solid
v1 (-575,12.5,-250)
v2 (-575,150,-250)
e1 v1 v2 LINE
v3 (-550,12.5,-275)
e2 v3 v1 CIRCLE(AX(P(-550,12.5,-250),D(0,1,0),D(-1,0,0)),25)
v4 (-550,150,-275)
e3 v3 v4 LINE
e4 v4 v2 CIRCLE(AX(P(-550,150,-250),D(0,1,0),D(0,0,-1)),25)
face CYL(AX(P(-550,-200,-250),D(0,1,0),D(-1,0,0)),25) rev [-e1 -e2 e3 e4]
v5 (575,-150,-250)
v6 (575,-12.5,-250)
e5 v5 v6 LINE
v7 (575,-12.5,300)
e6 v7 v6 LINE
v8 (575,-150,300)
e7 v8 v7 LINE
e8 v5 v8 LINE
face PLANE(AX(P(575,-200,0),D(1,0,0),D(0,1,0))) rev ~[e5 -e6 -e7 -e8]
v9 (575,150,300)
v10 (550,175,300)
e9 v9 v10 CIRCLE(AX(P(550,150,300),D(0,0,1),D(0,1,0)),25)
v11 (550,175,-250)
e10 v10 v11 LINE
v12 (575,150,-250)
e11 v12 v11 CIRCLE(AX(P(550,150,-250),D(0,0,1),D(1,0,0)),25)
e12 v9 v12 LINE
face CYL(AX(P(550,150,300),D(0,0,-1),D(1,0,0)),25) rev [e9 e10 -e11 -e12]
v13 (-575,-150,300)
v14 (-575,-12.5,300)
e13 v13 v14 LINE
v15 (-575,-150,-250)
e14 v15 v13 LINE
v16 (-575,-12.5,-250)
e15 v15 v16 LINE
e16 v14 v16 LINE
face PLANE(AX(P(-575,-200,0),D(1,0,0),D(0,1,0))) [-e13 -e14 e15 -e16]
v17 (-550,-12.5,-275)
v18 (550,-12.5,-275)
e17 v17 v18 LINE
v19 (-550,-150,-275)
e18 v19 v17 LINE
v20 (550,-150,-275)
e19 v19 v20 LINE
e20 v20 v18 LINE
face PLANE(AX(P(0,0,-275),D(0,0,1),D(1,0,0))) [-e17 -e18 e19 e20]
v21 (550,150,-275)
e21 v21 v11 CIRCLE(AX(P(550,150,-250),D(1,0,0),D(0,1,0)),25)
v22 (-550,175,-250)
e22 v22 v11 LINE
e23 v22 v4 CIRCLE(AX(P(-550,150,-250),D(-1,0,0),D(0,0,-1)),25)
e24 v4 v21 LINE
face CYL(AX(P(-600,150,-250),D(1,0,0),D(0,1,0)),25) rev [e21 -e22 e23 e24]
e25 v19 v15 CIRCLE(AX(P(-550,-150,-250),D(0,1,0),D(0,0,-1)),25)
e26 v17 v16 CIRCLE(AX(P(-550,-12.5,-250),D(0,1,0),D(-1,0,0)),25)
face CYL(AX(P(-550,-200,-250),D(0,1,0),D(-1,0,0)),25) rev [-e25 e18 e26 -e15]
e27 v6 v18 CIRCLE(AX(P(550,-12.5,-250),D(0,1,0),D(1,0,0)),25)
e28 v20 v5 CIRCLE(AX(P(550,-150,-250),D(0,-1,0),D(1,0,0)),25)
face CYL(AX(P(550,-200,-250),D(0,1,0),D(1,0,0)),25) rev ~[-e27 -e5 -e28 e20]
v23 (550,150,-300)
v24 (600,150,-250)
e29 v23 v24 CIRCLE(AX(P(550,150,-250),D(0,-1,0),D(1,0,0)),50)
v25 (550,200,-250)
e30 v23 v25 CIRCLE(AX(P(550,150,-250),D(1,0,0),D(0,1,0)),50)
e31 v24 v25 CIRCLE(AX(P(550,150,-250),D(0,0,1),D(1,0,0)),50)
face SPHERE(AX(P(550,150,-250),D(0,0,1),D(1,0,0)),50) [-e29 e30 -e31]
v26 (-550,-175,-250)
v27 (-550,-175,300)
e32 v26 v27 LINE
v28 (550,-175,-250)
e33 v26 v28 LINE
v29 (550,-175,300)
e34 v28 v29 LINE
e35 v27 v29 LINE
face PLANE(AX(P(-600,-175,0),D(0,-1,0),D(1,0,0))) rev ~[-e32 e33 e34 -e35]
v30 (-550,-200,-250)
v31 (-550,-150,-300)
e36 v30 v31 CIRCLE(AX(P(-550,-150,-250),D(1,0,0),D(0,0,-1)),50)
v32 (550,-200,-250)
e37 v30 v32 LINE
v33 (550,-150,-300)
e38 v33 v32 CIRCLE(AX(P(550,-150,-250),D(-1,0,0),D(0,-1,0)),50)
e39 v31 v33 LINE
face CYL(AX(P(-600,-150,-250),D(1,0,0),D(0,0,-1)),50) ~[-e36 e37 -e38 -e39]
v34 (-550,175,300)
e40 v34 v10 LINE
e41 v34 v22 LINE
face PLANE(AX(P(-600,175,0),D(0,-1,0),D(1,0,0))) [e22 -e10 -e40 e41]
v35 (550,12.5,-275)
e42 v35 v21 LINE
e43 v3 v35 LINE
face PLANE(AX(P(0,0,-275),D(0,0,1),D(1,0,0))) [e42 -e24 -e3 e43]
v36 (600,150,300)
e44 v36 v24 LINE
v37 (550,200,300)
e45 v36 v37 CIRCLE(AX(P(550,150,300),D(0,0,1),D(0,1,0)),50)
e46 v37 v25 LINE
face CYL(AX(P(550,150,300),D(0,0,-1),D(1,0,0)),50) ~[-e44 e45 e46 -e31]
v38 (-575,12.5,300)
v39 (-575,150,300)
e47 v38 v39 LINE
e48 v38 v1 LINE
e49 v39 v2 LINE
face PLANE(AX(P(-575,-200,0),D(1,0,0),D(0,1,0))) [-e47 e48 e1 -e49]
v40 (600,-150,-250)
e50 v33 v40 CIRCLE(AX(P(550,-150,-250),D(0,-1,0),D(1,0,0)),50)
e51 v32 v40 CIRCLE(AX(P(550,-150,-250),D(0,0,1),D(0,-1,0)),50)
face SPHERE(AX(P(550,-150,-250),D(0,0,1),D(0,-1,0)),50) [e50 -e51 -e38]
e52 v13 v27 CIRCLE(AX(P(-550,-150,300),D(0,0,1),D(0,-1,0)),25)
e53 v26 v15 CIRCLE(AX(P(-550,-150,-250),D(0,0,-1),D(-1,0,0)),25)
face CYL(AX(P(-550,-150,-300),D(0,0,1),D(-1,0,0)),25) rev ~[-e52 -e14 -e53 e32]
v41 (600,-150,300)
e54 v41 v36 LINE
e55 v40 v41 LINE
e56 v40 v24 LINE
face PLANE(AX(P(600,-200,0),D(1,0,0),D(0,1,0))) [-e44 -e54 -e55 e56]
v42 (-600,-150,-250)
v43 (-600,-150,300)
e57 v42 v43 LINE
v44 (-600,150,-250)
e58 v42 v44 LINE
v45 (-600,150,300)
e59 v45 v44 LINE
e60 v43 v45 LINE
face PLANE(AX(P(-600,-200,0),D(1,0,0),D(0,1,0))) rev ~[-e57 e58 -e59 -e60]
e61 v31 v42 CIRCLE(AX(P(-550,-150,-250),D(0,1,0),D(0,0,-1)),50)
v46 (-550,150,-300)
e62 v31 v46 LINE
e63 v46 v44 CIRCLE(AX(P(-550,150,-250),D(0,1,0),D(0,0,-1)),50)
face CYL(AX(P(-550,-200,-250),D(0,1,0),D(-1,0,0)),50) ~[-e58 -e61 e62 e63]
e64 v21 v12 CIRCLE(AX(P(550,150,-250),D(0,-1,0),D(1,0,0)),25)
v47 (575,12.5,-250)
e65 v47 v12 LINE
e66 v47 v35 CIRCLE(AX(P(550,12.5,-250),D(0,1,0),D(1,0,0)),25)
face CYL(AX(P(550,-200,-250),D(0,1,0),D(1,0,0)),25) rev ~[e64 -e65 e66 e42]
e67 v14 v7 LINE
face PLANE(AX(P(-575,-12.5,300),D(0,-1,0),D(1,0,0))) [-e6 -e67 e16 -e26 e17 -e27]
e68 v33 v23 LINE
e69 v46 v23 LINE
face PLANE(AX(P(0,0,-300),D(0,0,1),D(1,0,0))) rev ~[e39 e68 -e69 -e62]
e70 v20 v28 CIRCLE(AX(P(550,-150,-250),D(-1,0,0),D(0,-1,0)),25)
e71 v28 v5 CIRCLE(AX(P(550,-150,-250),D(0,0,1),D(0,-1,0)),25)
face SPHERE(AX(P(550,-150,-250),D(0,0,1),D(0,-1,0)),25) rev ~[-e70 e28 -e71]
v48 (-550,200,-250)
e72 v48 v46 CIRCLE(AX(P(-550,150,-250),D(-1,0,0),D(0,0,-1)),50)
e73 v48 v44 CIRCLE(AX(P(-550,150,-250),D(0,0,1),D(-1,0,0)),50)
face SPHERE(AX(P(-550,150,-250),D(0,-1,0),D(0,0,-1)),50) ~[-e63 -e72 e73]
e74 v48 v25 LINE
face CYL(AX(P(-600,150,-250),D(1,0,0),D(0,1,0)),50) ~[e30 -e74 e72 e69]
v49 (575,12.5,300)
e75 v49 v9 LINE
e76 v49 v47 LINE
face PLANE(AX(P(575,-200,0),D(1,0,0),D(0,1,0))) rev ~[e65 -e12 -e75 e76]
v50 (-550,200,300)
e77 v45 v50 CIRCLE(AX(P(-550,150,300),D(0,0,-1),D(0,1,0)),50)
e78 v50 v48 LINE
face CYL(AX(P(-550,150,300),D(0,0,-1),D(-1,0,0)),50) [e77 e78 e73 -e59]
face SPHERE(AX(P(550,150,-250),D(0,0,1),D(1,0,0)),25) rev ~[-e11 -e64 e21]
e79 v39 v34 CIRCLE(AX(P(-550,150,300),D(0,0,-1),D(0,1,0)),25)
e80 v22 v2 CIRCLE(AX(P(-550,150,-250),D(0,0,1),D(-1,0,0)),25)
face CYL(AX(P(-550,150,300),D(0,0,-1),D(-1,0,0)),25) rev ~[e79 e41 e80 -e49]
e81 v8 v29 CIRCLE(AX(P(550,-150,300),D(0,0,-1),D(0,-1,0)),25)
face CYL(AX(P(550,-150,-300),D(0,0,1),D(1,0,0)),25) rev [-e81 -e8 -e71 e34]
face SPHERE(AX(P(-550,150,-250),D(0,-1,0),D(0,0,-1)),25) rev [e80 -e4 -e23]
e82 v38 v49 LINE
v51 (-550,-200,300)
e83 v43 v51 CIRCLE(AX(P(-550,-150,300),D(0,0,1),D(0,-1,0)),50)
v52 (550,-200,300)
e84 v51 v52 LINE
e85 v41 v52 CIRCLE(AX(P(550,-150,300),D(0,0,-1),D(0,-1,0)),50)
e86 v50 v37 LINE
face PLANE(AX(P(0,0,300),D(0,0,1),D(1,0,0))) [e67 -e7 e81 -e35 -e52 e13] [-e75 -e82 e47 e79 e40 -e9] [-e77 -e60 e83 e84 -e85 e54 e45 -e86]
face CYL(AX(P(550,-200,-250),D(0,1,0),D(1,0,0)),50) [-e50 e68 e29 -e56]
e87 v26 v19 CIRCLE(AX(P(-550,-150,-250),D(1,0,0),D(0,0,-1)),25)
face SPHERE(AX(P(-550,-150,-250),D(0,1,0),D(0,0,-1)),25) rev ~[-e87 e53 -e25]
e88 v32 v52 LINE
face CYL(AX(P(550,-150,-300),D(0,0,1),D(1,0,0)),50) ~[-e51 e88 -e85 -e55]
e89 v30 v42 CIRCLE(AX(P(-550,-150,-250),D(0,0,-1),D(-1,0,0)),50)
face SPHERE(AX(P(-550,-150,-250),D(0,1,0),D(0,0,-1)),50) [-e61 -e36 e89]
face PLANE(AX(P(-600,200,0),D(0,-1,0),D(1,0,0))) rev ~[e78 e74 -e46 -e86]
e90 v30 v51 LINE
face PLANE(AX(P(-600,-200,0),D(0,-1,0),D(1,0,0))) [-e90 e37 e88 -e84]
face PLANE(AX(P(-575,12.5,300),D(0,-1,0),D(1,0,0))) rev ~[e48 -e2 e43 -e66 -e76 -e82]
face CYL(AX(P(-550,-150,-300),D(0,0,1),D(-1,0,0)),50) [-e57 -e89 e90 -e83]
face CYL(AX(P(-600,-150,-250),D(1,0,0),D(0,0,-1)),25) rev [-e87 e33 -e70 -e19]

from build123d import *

# Parameters (mm, degrees)
SKETCH_W     = 1200
SKETCH_H     = 400
PAD_DEPTH    = 300
FILLET_R     = 50
THICKNESS_T  = -25
SKETCH001_W  = 1150
SKETCH001_H  = 25
PAD001_DEPTH = 575


with BuildPart() as part:
    # Sketch → Pad (new body, symmetric)
    with BuildSketch(Plane.XY):
        Rectangle(SKETCH_W, SKETCH_H)
    extrude(amount=PAD_DEPTH, both=True)

    # Fillet
    fillet_edges = [part.edges().sort_by_distance(p)[0] for p in [
        (600, 200, 0),
        (600, -200, 0),
        (-600, 0, -300),
        (0, -200, -300),
        (600, 0, -300),
        (0, 200, -300),
        (-600, -200, 0),
        (-600, 200, 0),
    ]]
    fillet(fillet_edges, radius=FILLET_R)

    # Thickness
    thickness_openings = [part.faces().sort_by_distance(p)[0] for p in [
        (0, 0, 300),
    ]]
    offset(amount=THICKNESS_T, openings=thickness_openings)

    # Sketch001 (on Face18 of Thickness) → Pad001 (join)
    with BuildSketch(Plane.XY.offset(300)):
        Rectangle(SKETCH001_W, SKETCH001_H)
    extrude(amount=-PAD001_DEPTH)


solid = part.part
